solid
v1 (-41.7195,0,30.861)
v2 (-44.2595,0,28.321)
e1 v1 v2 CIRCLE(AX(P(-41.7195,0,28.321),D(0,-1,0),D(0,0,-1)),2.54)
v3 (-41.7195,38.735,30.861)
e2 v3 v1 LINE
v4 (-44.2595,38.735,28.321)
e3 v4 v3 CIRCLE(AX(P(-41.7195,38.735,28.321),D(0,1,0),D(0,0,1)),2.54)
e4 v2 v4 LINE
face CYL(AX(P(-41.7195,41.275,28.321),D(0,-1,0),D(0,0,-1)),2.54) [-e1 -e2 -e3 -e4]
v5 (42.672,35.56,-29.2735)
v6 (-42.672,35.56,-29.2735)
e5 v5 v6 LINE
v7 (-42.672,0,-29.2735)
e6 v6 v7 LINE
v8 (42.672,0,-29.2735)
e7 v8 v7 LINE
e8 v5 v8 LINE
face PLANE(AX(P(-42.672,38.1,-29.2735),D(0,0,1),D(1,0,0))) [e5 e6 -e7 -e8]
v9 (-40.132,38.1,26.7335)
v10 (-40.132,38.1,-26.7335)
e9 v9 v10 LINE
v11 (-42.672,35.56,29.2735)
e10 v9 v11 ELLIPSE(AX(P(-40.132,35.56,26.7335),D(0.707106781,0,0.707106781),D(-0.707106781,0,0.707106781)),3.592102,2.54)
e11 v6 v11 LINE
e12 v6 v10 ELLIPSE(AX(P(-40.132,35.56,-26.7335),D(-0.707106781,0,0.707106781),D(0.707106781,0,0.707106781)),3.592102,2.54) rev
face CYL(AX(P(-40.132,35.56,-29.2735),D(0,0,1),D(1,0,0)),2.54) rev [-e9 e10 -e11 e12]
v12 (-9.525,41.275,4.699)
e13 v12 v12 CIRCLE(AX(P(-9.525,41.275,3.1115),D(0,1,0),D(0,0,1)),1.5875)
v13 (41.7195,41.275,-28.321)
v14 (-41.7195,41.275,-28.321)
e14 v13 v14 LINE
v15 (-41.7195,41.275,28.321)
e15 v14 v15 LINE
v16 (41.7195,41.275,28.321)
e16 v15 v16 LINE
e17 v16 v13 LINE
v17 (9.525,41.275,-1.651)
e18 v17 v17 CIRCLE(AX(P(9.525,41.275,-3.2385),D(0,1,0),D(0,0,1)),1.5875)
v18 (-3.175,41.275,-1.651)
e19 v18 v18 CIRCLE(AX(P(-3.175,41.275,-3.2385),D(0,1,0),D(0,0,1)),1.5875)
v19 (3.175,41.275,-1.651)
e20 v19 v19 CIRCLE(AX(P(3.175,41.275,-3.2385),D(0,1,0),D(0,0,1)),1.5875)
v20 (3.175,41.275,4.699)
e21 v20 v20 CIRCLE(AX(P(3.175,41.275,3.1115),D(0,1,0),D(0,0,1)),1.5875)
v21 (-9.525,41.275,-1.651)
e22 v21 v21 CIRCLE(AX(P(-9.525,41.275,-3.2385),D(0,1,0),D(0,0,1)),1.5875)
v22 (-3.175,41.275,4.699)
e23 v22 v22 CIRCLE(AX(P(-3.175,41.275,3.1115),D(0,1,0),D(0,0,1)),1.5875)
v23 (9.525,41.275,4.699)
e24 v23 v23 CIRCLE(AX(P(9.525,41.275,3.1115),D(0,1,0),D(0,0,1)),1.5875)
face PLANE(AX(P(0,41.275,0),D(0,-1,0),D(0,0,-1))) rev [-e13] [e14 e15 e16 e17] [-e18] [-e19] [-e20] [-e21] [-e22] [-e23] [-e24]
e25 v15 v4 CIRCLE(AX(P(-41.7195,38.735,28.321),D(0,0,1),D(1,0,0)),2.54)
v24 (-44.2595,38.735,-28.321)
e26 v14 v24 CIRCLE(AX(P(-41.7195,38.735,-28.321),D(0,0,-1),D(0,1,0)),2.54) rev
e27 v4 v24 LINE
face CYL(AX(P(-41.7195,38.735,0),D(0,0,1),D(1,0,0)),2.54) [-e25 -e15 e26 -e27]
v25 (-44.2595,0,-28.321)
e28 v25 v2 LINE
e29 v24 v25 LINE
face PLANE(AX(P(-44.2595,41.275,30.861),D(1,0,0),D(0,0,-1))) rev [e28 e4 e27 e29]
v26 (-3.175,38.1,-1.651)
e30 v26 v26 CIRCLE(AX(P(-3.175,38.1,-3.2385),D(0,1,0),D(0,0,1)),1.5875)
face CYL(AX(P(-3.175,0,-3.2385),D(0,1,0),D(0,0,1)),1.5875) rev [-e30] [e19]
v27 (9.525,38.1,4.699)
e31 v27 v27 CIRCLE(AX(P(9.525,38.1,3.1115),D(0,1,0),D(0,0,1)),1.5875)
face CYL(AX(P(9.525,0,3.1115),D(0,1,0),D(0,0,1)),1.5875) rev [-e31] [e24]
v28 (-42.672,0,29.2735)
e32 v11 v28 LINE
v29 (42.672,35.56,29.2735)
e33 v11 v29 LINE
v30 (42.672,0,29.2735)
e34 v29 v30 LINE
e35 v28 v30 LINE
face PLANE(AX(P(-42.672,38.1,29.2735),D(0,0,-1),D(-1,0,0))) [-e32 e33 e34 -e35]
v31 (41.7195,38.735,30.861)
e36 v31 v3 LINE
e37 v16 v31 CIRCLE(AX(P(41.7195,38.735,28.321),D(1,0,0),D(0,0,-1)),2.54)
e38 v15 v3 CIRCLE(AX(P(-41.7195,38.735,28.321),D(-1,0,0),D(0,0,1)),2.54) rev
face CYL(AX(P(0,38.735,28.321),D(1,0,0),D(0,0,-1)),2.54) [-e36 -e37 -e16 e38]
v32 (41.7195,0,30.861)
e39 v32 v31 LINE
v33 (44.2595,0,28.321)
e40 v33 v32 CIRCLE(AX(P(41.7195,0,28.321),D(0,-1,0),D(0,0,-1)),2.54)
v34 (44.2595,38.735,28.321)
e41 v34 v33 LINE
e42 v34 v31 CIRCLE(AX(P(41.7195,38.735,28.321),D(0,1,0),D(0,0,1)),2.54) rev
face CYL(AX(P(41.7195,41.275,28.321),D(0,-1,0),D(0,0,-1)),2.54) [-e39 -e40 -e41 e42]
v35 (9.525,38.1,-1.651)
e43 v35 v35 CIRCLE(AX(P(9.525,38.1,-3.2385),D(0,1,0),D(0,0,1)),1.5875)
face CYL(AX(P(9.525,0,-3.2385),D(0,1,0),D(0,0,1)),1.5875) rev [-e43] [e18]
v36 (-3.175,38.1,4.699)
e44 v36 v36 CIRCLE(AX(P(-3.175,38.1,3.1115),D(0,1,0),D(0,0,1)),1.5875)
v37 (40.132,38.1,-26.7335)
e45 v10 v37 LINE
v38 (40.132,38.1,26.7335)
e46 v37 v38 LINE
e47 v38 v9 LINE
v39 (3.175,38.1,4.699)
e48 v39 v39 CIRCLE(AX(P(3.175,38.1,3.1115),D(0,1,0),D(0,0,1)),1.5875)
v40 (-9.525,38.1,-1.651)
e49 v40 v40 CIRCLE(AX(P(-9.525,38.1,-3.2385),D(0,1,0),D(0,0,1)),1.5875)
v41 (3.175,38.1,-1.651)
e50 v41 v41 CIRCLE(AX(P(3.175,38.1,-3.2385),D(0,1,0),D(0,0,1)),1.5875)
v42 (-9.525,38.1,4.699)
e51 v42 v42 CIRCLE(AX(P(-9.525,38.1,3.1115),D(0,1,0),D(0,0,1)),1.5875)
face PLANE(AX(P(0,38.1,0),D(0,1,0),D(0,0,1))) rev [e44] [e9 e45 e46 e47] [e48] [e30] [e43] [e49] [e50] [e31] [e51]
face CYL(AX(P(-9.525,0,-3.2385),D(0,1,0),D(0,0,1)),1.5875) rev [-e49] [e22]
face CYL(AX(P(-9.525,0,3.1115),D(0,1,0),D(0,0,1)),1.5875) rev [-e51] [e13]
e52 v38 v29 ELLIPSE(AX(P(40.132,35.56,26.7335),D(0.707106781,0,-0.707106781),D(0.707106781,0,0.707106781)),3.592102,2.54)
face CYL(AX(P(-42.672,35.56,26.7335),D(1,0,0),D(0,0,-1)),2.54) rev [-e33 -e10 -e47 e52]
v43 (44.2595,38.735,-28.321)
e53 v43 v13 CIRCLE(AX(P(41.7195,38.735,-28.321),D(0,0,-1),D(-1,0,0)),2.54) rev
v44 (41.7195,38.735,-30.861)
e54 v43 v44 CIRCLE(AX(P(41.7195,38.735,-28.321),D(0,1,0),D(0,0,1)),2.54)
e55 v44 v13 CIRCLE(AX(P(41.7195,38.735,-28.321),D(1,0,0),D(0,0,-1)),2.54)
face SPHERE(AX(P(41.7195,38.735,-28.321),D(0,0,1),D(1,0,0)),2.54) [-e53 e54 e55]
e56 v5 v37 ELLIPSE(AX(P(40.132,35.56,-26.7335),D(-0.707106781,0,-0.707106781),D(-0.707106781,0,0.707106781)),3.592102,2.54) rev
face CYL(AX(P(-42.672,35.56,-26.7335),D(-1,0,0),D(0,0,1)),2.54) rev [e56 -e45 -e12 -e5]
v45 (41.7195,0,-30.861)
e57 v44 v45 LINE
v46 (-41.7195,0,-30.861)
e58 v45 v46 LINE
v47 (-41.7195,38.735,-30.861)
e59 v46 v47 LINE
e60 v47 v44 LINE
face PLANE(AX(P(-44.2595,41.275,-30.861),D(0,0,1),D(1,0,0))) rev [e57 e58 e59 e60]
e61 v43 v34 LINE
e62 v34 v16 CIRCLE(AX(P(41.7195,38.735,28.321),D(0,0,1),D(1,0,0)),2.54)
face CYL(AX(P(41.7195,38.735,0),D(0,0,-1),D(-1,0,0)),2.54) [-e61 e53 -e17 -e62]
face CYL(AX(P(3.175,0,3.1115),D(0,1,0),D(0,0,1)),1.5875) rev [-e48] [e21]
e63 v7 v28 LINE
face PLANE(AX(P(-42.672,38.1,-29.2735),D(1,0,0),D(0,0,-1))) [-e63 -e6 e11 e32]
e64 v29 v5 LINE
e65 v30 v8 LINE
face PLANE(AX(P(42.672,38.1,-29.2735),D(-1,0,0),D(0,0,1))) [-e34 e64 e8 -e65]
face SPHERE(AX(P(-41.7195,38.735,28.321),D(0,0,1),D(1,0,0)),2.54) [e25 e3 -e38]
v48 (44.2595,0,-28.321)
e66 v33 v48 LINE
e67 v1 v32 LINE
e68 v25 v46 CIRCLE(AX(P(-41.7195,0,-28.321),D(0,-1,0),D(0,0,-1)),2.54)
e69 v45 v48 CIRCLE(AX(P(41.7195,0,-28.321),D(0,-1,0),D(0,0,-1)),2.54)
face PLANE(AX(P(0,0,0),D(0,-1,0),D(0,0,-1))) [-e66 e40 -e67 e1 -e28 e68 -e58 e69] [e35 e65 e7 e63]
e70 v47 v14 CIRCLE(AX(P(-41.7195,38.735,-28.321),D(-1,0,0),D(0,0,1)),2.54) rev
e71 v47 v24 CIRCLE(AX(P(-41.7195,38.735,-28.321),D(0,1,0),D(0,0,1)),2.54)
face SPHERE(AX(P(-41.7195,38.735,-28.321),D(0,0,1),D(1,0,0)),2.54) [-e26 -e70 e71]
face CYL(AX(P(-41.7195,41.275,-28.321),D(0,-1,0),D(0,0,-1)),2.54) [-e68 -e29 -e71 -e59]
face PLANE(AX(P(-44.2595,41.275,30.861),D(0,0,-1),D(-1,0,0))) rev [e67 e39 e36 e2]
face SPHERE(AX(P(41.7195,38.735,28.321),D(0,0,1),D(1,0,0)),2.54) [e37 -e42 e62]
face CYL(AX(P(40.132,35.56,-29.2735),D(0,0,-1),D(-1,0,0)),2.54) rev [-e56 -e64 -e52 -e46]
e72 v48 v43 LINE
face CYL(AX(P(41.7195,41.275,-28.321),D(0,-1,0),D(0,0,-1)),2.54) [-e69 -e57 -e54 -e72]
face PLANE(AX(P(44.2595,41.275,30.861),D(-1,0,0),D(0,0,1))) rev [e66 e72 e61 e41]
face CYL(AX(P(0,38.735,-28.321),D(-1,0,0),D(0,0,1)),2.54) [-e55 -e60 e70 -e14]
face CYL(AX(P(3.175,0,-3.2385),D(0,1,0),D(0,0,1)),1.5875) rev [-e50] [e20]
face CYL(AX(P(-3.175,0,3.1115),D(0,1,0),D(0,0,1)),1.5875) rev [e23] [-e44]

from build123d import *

# Parameters (mm, degrees)
SKETCH3_W           = 88.519
SKETCH3_H           = 61.722
BOSS_EXTRUDE2_DEPTH = 41.275
SKETCH1_W           = 85.344
SKETCH1_H           = 58.547
CUT_EXTRUDE1_DEPTH  = 38.1
FILLET2_R           = 2.54
SKETCH6_R           = 1.5875
CUT_EXTRUDE4_DEPTH  = 42.275
FILLET3_R           = 2.54


with BuildPart() as part:
    # Sketch3 → Boss-Extrude2 (new body)
    with BuildSketch(Plane(origin=(0, 0, 0), x_dir=(1, 0, 0), z_dir=(0, 1, 0))):
        Rectangle(SKETCH3_W, SKETCH3_H)
    extrude(amount=BOSS_EXTRUDE2_DEPTH)

    # Sketch1 → Cut-Extrude1 (cut)
    with BuildSketch(Plane(origin=(0, 0, 0), x_dir=(1, 0, 0), z_dir=(0, 1, 0))):
        Rectangle(SKETCH1_W, SKETCH1_H)
    extrude(amount=CUT_EXTRUDE1_DEPTH, mode=Mode.SUBTRACT)

    # Fillet2
    fillet2_edges = [part.edges().sort_by_distance(p)[0] for p in [
        (-44.2595, 41.275, 0),
        (0, 41.275, 30.861),
        (44.2595, 41.275, 0),
        (0, 41.275, -30.861),
        (44.2595, 20.6375, 30.861),
        (-44.2595, 20.6375, 30.861),
        (-44.2595, 20.6375, -30.861),
        (44.2595, 20.6375, -30.861),
    ]]
    fillet(fillet2_edges, radius=FILLET2_R)

    # Sketch6 → Cut-Extrude4 (cut, through all)
    with BuildSketch(Plane(origin=(0, 41.275, 0), x_dir=(1, 0, 0), z_dir=(0, 1, 0))):
        with Locations(Location((-9.525, -3.1115, 0), (0, 0, 270))):  # turned: the seam where the file's is
            Circle(SKETCH6_R)
        with Locations(Location((-3.175, -3.1115, 0), (0, 0, 270))):  # turned: the seam where the file's is
            Circle(SKETCH6_R)
        with Locations(Location((3.175, -3.1115, 0), (0, 0, 270))):  # turned: the seam where the file's is
            Circle(SKETCH6_R)
        with Locations(Location((9.525, -3.1115, 0), (0, 0, 270))):  # turned: the seam where the file's is
            Circle(SKETCH6_R)
        with Locations(Location((-9.525, 3.2385, 0), (0, 0, 270))):  # turned: the seam where the file's is
            Circle(SKETCH6_R)
        with Locations(Location((-3.175, 3.2385, 0), (0, 0, 270))):  # turned: the seam where the file's is
            Circle(SKETCH6_R)
        with Locations(Location((3.175, 3.2385, 0), (0, 0, 270))):  # turned: the seam where the file's is
            Circle(SKETCH6_R)
        with Locations(Location((9.525, 3.2385, 0), (0, 0, 270))):  # turned: the seam where the file's is
            Circle(SKETCH6_R)
    extrude(amount=-CUT_EXTRUDE4_DEPTH, mode=Mode.SUBTRACT)

    # Fillet3
    fillet3_edges = [part.edges().sort_by_distance(p)[0] for p in [
        (42.672, 38.1, 0),
        (0, 38.1, -29.2735),
        (-42.672, 38.1, 0),
        (0, 38.1, 29.2735),
    ]]
    fillet(fillet3_edges, radius=FILLET3_R)


solid = part.part
